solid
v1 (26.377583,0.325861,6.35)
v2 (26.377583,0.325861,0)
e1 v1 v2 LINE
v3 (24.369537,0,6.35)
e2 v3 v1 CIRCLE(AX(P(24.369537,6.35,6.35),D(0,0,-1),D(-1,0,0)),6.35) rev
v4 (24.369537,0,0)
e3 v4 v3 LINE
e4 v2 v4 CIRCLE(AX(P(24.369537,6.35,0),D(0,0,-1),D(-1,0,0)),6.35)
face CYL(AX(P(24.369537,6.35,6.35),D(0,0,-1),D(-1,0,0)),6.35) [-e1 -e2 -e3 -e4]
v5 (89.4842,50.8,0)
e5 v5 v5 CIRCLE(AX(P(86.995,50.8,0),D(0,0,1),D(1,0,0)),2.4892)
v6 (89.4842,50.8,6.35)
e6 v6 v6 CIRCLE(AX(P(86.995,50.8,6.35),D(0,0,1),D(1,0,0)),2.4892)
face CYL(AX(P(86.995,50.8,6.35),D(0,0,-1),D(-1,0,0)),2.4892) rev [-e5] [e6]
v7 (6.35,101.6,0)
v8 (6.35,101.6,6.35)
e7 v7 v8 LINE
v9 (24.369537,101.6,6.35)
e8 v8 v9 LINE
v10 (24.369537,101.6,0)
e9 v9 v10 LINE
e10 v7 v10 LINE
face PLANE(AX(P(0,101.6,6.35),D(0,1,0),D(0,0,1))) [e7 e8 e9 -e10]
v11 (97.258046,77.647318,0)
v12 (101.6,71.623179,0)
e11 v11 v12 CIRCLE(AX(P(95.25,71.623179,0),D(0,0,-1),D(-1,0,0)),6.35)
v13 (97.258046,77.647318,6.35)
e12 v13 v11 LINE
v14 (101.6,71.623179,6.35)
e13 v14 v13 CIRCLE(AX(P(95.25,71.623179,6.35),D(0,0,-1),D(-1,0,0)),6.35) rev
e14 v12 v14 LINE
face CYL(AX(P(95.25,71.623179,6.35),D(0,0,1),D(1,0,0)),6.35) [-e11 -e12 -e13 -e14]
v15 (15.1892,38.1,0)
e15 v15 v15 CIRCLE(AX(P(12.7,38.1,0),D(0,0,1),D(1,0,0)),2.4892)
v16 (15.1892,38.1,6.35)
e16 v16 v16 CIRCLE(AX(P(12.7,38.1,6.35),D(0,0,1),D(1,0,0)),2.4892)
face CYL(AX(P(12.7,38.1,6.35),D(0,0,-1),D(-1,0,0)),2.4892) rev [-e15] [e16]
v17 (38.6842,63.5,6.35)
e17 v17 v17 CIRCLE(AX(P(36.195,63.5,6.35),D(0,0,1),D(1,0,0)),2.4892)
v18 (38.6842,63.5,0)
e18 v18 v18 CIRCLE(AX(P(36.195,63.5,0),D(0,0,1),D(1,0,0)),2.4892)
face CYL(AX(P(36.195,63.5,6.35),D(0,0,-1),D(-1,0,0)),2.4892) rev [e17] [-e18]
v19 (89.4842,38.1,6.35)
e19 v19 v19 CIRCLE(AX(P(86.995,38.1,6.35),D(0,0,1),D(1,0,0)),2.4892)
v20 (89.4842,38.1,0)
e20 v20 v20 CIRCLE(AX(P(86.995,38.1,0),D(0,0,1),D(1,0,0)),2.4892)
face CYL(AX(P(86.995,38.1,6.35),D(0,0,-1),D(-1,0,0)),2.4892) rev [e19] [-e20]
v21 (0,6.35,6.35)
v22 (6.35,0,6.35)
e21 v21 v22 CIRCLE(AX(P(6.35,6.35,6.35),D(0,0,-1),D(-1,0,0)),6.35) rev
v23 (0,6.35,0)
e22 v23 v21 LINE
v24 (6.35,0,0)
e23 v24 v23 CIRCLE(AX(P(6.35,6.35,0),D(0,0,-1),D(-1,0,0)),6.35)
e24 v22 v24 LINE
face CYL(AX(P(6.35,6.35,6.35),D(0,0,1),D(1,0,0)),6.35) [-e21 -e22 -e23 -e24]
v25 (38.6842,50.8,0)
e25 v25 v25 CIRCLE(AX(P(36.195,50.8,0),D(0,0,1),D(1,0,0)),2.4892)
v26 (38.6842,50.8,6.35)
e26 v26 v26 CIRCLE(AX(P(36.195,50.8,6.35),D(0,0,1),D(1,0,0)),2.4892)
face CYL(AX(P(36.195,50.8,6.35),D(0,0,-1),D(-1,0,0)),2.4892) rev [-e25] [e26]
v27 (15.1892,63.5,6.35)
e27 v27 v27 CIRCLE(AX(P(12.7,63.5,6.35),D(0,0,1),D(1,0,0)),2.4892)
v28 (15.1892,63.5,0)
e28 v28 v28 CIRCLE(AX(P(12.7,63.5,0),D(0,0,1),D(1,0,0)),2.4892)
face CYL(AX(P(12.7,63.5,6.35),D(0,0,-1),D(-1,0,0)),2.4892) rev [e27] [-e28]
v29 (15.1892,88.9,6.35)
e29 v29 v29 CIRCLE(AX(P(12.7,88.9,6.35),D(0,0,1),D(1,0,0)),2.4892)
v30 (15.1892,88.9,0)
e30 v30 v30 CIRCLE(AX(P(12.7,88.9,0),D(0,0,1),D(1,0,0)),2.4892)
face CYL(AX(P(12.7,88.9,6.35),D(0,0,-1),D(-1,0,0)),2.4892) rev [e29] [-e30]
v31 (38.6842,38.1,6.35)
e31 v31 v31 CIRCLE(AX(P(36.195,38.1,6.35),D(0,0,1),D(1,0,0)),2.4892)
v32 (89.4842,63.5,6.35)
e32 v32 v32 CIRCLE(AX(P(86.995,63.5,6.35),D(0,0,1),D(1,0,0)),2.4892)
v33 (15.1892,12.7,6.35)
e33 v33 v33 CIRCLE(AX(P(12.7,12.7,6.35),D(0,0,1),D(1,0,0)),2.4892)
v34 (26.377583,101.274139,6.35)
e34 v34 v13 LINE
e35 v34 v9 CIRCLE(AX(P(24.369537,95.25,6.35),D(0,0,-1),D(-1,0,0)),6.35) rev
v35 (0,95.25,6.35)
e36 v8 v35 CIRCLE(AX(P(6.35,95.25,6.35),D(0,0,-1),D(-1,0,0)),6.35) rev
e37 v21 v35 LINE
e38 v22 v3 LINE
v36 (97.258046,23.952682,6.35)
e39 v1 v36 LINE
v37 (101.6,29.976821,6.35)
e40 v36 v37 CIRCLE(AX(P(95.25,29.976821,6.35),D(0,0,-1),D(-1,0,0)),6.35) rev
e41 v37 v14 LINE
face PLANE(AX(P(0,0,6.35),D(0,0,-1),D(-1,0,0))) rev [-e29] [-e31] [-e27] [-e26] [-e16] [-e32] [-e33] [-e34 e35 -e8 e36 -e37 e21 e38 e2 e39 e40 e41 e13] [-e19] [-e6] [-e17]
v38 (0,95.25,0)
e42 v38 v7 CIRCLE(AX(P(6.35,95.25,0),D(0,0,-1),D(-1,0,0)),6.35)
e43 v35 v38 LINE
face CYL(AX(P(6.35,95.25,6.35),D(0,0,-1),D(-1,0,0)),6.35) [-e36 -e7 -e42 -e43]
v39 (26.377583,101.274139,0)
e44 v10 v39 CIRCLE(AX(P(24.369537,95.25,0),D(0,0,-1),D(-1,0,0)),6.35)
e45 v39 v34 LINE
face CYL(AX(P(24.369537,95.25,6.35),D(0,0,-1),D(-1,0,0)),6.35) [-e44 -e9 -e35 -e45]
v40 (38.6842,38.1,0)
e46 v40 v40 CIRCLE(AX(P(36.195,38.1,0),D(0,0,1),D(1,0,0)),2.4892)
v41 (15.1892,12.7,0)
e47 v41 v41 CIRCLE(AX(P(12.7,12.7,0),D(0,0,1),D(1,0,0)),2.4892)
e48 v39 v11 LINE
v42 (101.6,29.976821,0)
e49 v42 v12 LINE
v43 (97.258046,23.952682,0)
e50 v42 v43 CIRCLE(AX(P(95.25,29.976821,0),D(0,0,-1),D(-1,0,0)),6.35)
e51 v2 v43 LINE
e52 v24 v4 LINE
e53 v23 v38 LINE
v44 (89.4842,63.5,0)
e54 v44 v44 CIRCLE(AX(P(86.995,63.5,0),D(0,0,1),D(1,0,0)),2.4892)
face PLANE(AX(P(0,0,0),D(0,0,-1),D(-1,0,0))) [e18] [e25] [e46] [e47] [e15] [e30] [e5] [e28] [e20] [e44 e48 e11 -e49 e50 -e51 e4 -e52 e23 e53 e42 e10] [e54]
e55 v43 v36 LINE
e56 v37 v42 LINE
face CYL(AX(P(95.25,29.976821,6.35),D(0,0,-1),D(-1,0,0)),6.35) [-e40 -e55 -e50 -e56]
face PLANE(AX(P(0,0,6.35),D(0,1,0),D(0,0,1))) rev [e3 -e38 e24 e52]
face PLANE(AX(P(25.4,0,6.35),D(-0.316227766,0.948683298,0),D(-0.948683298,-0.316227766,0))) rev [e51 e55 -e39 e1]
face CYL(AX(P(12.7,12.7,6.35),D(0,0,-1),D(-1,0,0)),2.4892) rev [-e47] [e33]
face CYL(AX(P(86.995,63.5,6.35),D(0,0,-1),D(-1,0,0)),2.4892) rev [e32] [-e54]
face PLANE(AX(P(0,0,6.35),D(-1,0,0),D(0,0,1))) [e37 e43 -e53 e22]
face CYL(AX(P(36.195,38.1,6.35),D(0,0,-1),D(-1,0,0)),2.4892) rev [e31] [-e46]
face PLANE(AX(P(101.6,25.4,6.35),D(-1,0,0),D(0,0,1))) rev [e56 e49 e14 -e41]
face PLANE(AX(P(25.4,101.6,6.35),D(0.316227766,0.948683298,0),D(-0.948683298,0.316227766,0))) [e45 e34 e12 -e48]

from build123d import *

# Parameters (mm, degrees)
SKETCH1_R           = 2.4892
BOSS_EXTRUDE1_DEPTH = 6.35
FILLET1_R           = 6.35


with BuildPart() as part:
    # Sketch1 → Boss-Extrude1 (new body)
    with BuildSketch(Plane.XY):
        Polygon((0, 0), (25.4, 0), (101.6, 25.4), (101.6, 76.2), (25.4, 101.6), (0, 101.6), align=None)
        with Locations((36.195, 63.5)):
            Circle(SKETCH1_R, mode=Mode.SUBTRACT)
        with Locations((86.995, 63.5)):
            Circle(SKETCH1_R, mode=Mode.SUBTRACT)
        with Locations((86.995, 50.8)):
            Circle(SKETCH1_R, mode=Mode.SUBTRACT)
        with Locations((86.995, 38.1)):
            Circle(SKETCH1_R, mode=Mode.SUBTRACT)
        with Locations((36.195, 50.8)):
            Circle(SKETCH1_R, mode=Mode.SUBTRACT)
        with Locations((36.195, 38.1)):
            Circle(SKETCH1_R, mode=Mode.SUBTRACT)
        with Locations((12.7, 88.9)):
            Circle(SKETCH1_R, mode=Mode.SUBTRACT)
        with Locations((12.7, 63.5)):
            Circle(SKETCH1_R, mode=Mode.SUBTRACT)
        with Locations((12.7, 38.1)):
            Circle(SKETCH1_R, mode=Mode.SUBTRACT)
        with Locations((12.7, 12.7)):
            Circle(SKETCH1_R, mode=Mode.SUBTRACT)
    extrude(amount=BOSS_EXTRUDE1_DEPTH)

    # Fillet1
    fillet1_edges = [part.edges().sort_by_distance(p)[0] for p in [
        (0, 0, 3.175),
        (25.4, 0, 3.175),
        (101.6, 25.4, 3.175),
        (101.6, 76.2, 3.175),
        (25.4, 101.6, 3.175),
        (0, 101.6, 3.175),
    ]]
    fillet(fillet1_edges, radius=FILLET1_R)


solid = part.part
